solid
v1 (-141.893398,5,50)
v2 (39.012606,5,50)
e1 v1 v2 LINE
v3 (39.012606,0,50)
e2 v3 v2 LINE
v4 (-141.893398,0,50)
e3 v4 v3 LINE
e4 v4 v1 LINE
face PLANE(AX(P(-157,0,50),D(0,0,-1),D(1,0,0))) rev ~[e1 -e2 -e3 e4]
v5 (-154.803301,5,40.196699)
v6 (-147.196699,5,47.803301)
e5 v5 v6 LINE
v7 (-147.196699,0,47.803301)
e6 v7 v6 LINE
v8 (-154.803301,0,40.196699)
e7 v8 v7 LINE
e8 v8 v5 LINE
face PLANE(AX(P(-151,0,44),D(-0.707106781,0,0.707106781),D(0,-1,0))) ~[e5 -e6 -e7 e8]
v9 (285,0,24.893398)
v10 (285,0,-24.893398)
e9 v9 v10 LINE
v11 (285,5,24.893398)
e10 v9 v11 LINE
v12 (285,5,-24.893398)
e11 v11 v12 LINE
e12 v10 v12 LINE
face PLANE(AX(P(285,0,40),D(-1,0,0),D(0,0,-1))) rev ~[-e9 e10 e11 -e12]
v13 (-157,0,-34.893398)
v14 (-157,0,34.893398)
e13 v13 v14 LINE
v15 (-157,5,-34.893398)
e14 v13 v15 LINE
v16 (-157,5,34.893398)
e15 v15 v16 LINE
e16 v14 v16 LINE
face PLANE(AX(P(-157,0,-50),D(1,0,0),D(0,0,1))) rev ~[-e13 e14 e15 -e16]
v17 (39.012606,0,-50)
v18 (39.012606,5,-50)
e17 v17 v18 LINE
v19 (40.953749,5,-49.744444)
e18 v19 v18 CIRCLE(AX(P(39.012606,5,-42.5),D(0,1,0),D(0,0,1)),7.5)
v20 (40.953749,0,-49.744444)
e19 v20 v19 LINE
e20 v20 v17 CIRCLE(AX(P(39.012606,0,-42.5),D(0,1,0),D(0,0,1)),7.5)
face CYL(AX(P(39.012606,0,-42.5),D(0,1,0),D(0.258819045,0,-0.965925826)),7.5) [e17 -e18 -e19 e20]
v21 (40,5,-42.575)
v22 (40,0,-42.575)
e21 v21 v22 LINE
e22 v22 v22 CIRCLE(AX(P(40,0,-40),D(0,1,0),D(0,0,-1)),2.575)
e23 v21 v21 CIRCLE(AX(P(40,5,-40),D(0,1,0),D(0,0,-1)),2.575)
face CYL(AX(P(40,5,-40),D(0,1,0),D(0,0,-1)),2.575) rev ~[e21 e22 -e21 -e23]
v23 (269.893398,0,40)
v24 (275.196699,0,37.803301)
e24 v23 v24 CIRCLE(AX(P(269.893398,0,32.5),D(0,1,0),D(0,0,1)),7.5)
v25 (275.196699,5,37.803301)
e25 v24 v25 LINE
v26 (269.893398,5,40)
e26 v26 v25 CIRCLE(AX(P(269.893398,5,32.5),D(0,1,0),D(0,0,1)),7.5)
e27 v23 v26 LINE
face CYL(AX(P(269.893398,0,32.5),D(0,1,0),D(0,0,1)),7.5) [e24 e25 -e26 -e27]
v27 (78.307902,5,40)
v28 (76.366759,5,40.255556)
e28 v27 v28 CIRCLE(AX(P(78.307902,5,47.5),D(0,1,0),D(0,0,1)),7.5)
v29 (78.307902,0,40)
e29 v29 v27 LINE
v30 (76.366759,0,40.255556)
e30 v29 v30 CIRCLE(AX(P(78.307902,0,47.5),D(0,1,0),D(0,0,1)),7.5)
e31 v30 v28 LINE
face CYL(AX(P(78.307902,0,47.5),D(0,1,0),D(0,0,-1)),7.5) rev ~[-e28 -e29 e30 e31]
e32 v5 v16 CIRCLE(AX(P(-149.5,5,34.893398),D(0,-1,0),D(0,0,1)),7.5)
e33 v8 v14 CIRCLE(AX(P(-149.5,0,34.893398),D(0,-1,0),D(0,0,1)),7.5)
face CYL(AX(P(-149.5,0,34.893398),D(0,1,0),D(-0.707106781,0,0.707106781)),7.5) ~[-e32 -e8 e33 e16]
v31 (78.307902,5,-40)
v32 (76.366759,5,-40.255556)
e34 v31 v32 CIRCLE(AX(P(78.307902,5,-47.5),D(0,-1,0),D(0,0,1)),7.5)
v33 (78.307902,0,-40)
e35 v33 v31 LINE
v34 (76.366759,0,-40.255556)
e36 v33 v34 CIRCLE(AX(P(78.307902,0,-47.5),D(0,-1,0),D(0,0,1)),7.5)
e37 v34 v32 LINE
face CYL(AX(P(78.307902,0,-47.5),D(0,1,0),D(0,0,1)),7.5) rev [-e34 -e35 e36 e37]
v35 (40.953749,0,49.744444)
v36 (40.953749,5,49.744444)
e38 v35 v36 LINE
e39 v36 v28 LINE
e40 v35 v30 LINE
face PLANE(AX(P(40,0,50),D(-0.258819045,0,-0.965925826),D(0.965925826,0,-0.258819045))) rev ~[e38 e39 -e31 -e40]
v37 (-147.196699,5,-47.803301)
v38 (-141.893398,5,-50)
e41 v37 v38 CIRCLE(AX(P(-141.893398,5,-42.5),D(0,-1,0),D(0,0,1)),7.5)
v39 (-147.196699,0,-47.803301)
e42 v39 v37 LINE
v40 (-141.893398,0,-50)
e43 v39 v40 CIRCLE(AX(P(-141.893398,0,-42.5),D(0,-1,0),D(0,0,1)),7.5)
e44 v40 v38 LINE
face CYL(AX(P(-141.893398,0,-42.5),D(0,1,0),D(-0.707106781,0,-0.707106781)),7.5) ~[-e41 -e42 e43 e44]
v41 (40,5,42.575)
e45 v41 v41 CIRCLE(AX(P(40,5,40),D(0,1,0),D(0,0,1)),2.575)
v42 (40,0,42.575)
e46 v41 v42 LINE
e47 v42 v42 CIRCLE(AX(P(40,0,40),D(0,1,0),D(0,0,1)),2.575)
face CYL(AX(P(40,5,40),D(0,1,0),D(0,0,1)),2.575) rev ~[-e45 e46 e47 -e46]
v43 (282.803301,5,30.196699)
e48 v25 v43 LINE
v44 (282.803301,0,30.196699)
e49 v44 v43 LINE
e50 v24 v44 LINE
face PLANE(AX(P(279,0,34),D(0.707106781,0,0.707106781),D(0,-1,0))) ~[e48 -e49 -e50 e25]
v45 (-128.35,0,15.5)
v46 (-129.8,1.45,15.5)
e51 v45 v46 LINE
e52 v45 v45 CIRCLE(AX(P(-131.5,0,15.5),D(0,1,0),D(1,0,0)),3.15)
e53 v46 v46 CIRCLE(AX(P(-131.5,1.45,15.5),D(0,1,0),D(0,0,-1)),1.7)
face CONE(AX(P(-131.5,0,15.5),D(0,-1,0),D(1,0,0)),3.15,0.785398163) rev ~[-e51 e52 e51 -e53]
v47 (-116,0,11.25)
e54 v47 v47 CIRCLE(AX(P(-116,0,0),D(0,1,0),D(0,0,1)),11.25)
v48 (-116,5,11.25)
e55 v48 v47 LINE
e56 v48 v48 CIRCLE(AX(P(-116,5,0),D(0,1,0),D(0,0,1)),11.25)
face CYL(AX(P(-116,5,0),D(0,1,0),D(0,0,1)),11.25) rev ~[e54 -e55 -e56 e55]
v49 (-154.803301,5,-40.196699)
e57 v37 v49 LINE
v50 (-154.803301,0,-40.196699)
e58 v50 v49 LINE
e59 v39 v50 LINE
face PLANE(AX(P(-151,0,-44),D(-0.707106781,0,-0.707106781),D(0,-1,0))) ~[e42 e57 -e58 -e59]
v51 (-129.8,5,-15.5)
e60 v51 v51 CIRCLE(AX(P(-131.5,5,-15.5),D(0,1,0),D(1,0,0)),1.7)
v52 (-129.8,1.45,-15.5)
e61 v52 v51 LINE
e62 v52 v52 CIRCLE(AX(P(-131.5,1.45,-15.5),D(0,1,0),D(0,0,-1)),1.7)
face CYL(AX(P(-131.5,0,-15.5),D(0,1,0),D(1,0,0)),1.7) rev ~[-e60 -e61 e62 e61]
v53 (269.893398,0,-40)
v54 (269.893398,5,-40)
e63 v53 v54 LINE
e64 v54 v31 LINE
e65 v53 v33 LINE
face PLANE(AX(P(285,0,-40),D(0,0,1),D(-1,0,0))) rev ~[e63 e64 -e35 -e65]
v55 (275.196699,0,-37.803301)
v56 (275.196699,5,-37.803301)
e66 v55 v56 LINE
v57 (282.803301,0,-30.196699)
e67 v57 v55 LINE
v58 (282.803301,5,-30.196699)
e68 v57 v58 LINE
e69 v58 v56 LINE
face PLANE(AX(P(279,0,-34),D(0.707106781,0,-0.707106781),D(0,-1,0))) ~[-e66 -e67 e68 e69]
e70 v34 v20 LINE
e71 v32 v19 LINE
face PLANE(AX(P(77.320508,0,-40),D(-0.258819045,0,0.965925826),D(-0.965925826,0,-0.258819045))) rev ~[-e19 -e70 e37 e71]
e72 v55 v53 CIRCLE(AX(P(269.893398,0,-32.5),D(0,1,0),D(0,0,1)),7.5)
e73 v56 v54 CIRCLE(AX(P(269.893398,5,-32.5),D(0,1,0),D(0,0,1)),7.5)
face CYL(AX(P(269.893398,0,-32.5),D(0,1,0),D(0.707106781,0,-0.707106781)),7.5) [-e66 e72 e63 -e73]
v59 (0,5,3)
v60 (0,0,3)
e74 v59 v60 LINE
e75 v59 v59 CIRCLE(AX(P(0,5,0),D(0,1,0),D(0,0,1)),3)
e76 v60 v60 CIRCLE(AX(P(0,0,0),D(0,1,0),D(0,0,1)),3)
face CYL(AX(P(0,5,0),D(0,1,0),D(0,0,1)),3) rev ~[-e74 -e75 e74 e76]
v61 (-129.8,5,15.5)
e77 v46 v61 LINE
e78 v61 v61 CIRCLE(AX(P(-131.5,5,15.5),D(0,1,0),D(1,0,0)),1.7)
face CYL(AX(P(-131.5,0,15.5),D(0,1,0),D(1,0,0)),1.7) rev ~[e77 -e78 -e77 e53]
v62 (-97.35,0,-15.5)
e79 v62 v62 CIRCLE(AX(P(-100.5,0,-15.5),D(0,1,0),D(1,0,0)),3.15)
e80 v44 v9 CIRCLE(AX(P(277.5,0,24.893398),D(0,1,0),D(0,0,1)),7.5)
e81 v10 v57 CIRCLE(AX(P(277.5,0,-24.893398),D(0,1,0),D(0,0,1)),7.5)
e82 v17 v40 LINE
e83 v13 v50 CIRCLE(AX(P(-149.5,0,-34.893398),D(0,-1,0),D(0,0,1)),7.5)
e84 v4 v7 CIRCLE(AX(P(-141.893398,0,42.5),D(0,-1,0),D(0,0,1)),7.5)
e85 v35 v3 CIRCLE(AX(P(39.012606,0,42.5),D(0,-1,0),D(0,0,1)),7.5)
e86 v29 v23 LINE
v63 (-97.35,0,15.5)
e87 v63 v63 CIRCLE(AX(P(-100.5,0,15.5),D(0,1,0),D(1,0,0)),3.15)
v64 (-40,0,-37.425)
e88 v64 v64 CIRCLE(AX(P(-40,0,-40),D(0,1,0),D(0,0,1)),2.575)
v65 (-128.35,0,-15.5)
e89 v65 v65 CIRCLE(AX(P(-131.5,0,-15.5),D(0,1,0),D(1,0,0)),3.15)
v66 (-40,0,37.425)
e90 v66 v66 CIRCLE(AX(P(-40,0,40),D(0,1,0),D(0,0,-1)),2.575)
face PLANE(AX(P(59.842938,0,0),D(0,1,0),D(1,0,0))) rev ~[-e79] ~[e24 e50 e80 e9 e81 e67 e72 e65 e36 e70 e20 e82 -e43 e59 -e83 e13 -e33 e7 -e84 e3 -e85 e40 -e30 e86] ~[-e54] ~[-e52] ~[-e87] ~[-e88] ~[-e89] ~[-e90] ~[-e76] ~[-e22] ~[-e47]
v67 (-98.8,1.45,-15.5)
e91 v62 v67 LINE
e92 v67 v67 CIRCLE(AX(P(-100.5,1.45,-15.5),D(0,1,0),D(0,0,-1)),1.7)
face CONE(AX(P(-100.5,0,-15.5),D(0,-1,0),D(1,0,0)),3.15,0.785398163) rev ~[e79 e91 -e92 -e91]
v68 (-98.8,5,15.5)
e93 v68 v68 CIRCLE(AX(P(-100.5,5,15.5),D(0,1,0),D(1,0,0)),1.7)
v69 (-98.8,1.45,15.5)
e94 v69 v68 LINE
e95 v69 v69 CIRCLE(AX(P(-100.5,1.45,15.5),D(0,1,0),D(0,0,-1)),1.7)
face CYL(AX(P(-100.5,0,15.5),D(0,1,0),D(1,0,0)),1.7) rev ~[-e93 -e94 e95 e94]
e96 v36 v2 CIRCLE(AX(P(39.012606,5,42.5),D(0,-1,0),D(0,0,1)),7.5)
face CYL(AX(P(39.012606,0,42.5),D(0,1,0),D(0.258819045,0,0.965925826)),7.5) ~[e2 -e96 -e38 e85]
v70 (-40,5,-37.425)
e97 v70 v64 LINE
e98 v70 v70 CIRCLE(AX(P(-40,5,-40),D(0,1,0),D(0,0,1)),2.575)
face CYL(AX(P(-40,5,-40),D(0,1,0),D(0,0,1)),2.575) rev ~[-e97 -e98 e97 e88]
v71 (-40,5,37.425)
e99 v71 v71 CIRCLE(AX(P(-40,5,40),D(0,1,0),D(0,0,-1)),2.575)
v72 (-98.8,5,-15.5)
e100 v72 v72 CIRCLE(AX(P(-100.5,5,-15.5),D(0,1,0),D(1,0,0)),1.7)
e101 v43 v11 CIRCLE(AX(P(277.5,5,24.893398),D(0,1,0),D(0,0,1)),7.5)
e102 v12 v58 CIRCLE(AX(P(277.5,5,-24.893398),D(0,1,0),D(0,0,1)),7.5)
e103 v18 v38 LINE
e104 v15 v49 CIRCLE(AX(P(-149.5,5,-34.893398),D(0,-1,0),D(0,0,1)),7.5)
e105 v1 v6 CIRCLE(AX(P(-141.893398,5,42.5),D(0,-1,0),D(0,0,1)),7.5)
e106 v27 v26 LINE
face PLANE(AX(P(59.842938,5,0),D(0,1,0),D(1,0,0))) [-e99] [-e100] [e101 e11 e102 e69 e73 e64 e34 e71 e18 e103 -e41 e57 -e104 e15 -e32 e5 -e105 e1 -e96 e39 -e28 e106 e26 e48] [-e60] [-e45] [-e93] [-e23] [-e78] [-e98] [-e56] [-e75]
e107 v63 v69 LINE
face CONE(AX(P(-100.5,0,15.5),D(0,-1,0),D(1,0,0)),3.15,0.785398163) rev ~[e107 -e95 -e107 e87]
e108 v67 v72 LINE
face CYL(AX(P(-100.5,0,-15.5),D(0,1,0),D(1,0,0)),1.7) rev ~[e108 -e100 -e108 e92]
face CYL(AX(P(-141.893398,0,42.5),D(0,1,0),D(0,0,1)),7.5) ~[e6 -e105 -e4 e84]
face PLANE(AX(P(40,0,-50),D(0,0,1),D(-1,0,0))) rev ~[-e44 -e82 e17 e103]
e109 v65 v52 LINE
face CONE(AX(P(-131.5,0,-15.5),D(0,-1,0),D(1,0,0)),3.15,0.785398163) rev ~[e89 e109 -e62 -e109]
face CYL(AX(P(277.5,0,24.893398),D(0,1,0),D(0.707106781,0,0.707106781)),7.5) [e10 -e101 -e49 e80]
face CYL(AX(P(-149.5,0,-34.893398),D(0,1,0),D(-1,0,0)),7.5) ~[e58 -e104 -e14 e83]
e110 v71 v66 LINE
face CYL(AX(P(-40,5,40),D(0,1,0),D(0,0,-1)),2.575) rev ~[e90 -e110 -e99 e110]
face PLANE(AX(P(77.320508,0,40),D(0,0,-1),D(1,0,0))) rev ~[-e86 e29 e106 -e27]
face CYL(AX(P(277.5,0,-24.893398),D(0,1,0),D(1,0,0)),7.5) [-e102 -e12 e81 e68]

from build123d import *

# Parameters (mm, degrees)
BOSS_EXTRUDE2_DEPTH                                 = 5
CHAMFER2_SIZE                                       = 12
FILLET1_R                                           = 7.5
SKETCH2_R                                           = 2.575
SKETCH2_R_2                                         = 11.25
SKETCH2_R_3                                         = 3
CUT_EXTRUDE1_DEPTH                                  = 290.39592257
CSK_FOR_M3_COUNTERSUNK_FLAT_HEAD_SCREW2_D           = 3.4
CSK_FOR_M3_COUNTERSUNK_FLAT_HEAD_SCREW2_CSINK_D     = 6.3
CSK_FOR_M3_COUNTERSUNK_FLAT_HEAD_SCREW2_CSINK_ANGLE = 90


with BuildPart() as part:
    # Sketch1 → Boss-Extrude2 (new body)
    with BuildSketch(Plane(origin=(0, 0, 0), x_dir=(1, 0, 0), z_dir=(0, 1, 0))):
        Polygon((40, -50), (77.320508076, -40), (285, -40), (285, 40), (77.320508076, 40), (40, 50), (-40, 50), (-157, 50), (-157, -50), (-40, -50), align=None)
    extrude(amount=BOSS_EXTRUDE2_DEPTH)

    # Chamfer2
    chamfer2_edges = [part.edges().sort_by_distance(p)[0] for p in [
        (-157, 2.5, 50),
        (-157, 2.5, -50),
        (285, 2.5, -40),
        (285, 2.5, 40),
    ]]
    chamfer(chamfer2_edges, length=CHAMFER2_SIZE)

    # Fillet1
    fillet1_edges = [part.edges().sort_by_distance(p)[0] for p in [
        (40, 2.5, -50),
        (77.320508076, 2.5, -40),
        (77.320508076, 2.5, 40),
        (40, 2.5, 50),
        (-145, 2.5, 50),
        (-157, 2.5, -38),
        (-157, 2.5, 38),
        (-145, 2.5, -50),
        (273, 2.5, -40),
        (285, 2.5, 28),
        (285, 2.5, -28),
        (273, 2.5, 40),
    ]]
    fillet(fillet1_edges, radius=FILLET1_R)

    # Sketch2 → Cut-Extrude1 (cut, through all)
    with BuildSketch(Plane(origin=(0, 5, 0), x_dir=(1, 0, 0), z_dir=(0, 1, 0))):
        with Locations(Location((-40, 40, 0), (0, 0, 270))):
            Circle(SKETCH2_R)
        with Locations(Location((40, 40, 0), (0, 0, 90))):
            Circle(SKETCH2_R)
        with Locations(Location((40, -40, 0), (0, 0, 270))):
            Circle(SKETCH2_R)
        with Locations(Location((-40, -40, 0), (0, 0, 90))):
            Circle(SKETCH2_R)
        with Locations(Location((-116, 0, 0), (0, 0, 270))):
            Circle(SKETCH2_R_2)
        with Locations(Location((0, 0, 0), (0, 0, 270))):
            Circle(SKETCH2_R_3)
    extrude(amount=-CUT_EXTRUDE1_DEPTH, mode=Mode.SUBTRACT)

    # CSK for M3 Countersunk Flat Head Screw2 (through all)
    with Locations(Plane(origin=(0, 0, 0), x_dir=(-1, 0, 0), z_dir=(0, -1, 0))):
        with Locations((131.5, 15.5), (131.5, -15.5), (100.5, -15.5), (100.5, 15.5)):
            CounterSinkHole(CSK_FOR_M3_COUNTERSUNK_FLAT_HEAD_SCREW2_D / 2, CSK_FOR_M3_COUNTERSUNK_FLAT_HEAD_SCREW2_CSINK_D / 2, counter_sink_angle=CSK_FOR_M3_COUNTERSUNK_FLAT_HEAD_SCREW2_CSINK_ANGLE)


solid = part.part
